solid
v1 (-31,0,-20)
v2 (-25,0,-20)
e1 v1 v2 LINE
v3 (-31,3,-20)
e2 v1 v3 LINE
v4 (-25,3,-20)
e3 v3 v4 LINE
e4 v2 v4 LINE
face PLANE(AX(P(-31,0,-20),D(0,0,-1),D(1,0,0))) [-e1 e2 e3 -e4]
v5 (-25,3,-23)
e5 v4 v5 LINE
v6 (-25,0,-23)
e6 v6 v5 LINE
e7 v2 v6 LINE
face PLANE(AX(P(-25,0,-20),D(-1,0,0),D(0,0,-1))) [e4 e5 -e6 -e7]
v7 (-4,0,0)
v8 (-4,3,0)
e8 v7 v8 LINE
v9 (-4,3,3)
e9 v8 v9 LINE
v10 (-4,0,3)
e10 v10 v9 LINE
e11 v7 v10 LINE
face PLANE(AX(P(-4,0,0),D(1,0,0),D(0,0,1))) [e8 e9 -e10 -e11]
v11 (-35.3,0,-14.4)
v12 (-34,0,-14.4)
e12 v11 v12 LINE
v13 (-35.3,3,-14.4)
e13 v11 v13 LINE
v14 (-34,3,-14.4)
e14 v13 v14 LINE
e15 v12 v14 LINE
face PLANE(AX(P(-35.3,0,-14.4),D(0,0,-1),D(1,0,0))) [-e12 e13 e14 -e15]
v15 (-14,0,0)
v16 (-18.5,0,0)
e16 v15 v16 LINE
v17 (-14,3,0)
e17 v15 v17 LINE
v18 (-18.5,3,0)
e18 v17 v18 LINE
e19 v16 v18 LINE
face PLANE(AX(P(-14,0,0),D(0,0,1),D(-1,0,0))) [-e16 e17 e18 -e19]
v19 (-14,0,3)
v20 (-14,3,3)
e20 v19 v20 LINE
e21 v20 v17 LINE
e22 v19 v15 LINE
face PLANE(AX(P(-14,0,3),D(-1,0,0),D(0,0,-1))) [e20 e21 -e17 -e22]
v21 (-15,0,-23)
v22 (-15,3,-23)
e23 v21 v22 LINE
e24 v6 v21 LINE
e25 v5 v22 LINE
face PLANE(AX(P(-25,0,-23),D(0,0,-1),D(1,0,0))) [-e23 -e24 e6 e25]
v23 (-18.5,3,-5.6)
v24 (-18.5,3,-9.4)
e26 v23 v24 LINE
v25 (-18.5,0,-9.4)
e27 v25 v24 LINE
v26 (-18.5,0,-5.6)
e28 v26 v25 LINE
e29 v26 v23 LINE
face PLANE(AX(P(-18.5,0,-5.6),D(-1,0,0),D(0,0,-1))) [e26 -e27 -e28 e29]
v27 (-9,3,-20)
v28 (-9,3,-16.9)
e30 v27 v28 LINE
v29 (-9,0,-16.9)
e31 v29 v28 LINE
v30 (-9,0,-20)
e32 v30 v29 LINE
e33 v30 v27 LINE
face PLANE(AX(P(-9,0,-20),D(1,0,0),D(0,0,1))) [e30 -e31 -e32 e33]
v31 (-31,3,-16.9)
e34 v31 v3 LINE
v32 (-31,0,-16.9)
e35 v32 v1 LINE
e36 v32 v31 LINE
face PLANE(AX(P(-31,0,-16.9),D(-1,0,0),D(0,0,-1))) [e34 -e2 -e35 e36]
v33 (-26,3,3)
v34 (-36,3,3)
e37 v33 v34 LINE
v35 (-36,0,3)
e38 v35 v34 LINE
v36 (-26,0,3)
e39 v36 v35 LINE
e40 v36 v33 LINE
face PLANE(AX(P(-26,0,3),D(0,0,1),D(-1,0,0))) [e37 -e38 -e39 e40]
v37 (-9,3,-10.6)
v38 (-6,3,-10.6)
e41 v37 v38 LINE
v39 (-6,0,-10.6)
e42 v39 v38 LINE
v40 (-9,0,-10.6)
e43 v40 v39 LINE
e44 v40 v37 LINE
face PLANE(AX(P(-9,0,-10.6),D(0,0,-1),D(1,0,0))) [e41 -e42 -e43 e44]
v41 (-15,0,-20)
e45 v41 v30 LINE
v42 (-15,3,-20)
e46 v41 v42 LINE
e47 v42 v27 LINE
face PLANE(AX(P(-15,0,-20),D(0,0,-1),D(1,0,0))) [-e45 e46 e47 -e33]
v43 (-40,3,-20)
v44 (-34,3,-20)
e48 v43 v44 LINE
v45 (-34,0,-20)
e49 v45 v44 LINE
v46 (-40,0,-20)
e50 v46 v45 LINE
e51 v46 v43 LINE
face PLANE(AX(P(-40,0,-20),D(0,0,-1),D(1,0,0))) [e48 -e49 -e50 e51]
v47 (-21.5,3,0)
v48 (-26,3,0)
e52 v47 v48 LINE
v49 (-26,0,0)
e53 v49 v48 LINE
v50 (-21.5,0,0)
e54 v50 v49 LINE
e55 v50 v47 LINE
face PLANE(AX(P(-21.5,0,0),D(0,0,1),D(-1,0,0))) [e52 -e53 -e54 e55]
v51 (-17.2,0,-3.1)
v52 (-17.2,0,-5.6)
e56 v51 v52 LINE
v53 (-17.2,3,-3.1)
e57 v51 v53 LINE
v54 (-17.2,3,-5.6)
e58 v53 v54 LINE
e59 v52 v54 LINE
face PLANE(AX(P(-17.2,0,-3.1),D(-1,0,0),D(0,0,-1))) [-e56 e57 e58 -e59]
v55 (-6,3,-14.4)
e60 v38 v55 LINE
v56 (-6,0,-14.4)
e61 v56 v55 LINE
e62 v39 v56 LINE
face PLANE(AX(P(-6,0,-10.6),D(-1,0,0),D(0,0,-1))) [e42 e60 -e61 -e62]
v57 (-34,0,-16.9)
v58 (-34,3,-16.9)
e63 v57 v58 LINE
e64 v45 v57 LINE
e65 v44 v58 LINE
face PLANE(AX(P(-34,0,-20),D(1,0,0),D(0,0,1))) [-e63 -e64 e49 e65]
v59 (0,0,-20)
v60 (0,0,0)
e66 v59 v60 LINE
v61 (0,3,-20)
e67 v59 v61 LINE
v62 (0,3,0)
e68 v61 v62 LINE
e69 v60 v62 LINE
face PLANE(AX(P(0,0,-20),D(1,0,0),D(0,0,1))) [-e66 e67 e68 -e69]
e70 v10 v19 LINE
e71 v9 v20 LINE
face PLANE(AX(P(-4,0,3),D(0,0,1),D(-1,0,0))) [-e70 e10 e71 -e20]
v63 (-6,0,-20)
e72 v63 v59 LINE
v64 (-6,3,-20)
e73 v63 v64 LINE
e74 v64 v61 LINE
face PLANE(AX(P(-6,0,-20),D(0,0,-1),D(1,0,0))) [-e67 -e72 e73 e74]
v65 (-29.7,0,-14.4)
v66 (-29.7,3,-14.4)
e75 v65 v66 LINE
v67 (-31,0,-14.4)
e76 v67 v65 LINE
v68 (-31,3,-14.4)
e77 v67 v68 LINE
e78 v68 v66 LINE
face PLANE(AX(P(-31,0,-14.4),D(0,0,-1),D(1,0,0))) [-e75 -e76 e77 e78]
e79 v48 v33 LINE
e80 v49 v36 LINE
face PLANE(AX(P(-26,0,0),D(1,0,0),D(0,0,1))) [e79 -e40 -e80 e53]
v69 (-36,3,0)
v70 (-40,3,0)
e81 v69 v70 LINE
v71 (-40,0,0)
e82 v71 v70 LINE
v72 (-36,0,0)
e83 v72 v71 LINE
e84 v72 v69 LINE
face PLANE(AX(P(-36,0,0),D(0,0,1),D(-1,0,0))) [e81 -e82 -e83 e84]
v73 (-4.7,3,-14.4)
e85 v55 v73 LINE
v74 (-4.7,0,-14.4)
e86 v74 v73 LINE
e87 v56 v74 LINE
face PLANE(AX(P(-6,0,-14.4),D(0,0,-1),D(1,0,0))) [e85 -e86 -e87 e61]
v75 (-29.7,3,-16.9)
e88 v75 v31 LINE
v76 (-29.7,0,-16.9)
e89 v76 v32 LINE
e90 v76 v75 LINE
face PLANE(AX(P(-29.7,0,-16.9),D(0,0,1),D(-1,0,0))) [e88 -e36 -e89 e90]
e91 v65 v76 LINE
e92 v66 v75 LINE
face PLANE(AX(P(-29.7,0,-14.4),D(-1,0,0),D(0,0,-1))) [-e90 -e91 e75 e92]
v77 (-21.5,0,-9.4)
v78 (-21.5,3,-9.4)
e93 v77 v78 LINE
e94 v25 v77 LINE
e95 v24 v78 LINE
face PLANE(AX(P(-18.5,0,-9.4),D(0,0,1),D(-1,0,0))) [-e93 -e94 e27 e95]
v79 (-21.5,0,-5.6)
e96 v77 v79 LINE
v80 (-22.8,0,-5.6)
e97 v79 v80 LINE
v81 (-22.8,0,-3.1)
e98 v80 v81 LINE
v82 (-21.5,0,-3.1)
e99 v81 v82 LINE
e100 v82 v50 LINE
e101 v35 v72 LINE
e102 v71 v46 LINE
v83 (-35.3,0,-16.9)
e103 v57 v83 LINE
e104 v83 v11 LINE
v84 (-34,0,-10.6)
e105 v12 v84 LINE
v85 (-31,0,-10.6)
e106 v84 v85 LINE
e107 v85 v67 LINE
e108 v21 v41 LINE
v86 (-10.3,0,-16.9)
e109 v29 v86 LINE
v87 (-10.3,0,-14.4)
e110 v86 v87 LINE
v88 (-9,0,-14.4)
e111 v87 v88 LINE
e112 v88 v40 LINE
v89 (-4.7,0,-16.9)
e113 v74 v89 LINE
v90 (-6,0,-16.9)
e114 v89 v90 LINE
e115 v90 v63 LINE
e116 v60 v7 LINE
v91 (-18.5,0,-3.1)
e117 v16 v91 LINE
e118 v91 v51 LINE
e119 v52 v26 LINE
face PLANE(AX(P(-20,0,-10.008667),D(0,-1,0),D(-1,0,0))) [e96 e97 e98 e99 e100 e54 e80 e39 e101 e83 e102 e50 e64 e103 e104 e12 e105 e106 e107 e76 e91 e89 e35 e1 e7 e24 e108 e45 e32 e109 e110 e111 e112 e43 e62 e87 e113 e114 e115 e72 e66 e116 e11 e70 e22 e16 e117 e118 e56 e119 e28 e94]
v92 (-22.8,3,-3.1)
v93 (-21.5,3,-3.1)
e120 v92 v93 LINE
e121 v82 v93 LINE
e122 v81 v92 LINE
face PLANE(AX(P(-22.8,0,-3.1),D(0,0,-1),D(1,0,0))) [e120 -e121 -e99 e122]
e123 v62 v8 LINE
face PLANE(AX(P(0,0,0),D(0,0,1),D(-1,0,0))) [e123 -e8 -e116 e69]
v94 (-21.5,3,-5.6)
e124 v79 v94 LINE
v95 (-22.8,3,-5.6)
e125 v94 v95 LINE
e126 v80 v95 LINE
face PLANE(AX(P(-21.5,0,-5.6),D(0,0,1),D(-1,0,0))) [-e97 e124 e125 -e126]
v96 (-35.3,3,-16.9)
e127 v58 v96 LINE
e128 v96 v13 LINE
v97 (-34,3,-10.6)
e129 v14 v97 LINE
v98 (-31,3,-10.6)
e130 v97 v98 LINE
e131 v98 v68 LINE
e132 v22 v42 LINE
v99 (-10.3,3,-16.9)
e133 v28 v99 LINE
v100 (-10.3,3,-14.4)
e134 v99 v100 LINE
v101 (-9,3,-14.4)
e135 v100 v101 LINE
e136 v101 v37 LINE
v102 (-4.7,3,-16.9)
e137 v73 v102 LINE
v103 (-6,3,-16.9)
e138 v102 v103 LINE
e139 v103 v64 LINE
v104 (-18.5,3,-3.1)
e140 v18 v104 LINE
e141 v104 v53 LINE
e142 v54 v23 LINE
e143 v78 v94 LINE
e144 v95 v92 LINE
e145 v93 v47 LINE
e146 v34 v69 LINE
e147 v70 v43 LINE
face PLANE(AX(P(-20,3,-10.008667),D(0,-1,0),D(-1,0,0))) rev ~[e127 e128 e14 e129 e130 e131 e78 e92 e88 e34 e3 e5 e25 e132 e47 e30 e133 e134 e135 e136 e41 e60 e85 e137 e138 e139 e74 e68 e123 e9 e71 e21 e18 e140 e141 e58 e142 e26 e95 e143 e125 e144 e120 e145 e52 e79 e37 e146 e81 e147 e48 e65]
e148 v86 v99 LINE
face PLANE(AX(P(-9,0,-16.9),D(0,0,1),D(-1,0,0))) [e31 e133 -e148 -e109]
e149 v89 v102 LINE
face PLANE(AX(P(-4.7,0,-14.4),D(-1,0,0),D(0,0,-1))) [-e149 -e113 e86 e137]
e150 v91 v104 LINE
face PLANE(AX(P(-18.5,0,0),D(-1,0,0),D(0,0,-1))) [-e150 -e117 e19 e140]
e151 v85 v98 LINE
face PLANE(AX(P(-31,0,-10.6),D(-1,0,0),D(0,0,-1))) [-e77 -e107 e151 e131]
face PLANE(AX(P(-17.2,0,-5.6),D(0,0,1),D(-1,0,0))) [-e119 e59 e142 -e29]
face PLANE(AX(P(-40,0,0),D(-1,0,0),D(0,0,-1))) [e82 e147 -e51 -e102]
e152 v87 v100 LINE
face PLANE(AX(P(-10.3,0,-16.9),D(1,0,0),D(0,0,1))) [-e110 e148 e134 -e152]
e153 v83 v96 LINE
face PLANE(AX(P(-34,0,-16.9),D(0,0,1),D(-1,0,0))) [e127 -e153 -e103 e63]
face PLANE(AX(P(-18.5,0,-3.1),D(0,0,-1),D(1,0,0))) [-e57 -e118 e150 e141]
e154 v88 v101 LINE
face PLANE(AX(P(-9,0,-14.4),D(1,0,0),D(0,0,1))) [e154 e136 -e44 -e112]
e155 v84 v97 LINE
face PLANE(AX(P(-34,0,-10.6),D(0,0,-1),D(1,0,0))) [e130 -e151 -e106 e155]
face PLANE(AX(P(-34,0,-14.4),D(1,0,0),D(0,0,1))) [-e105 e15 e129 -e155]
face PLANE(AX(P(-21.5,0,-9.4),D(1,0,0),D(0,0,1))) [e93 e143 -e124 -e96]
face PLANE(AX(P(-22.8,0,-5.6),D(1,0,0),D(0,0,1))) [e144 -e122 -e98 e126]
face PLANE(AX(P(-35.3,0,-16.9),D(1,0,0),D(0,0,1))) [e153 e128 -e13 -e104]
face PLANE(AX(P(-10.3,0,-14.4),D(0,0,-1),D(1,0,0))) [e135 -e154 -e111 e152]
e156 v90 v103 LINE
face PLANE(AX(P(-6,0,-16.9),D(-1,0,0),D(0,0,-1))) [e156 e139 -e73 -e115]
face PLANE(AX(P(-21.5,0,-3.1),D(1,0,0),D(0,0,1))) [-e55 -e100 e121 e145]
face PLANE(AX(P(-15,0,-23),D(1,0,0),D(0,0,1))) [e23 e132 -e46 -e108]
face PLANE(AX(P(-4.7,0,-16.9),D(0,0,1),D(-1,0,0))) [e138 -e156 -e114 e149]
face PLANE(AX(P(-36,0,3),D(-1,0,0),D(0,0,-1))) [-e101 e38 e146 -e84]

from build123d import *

# Parameters (mm, degrees)
BOSS_EXTRUDE2_DEPTH = 3


with BuildPart() as part:
    # Sketch2 → Boss-Extrude2 (new body)
    with BuildSketch(Plane(origin=(0, 0, 0), x_dir=(1, 0, 0), z_dir=(0, 1, 0))):
        Polygon((0, 0), (-4, 0), (-4, -3), (-14, -3), (-14, 0), (-18.5, 0), (-18.5, 3.1), (-17.2, 3.1), (-17.2, 5.6), (-18.5, 5.6), (-18.5, 9.4), (-21.5, 9.4), (-21.5, 5.6), (-22.8, 5.6), (-22.8, 3.1), (-21.5, 3.1), (-21.5, 0), (-26, 0), (-26, -3), (-36, -3), (-36, 0), (-40, 0), (-40, 20), (-34, 20), (-34, 16.9), (-35.3, 16.9), (-35.3, 14.4), (-34, 14.4), (-34, 10.6), (-31, 10.6), (-31, 14.4), (-29.7, 14.4), (-29.7, 16.9), (-31, 16.9), (-31, 20), (-25, 20), (-25, 23), (-15, 23), (-15, 20), (-9, 20), (-9, 16.9), (-10.3, 16.9), (-10.3, 14.4), (-9, 14.4), (-9, 10.6), (-6, 10.6), (-6, 14.4), (-4.7, 14.4), (-4.7, 16.9), (-6, 16.9), (-6, 20), (0, 20), align=None)
    extrude(amount=BOSS_EXTRUDE2_DEPTH)


solid = part.part
